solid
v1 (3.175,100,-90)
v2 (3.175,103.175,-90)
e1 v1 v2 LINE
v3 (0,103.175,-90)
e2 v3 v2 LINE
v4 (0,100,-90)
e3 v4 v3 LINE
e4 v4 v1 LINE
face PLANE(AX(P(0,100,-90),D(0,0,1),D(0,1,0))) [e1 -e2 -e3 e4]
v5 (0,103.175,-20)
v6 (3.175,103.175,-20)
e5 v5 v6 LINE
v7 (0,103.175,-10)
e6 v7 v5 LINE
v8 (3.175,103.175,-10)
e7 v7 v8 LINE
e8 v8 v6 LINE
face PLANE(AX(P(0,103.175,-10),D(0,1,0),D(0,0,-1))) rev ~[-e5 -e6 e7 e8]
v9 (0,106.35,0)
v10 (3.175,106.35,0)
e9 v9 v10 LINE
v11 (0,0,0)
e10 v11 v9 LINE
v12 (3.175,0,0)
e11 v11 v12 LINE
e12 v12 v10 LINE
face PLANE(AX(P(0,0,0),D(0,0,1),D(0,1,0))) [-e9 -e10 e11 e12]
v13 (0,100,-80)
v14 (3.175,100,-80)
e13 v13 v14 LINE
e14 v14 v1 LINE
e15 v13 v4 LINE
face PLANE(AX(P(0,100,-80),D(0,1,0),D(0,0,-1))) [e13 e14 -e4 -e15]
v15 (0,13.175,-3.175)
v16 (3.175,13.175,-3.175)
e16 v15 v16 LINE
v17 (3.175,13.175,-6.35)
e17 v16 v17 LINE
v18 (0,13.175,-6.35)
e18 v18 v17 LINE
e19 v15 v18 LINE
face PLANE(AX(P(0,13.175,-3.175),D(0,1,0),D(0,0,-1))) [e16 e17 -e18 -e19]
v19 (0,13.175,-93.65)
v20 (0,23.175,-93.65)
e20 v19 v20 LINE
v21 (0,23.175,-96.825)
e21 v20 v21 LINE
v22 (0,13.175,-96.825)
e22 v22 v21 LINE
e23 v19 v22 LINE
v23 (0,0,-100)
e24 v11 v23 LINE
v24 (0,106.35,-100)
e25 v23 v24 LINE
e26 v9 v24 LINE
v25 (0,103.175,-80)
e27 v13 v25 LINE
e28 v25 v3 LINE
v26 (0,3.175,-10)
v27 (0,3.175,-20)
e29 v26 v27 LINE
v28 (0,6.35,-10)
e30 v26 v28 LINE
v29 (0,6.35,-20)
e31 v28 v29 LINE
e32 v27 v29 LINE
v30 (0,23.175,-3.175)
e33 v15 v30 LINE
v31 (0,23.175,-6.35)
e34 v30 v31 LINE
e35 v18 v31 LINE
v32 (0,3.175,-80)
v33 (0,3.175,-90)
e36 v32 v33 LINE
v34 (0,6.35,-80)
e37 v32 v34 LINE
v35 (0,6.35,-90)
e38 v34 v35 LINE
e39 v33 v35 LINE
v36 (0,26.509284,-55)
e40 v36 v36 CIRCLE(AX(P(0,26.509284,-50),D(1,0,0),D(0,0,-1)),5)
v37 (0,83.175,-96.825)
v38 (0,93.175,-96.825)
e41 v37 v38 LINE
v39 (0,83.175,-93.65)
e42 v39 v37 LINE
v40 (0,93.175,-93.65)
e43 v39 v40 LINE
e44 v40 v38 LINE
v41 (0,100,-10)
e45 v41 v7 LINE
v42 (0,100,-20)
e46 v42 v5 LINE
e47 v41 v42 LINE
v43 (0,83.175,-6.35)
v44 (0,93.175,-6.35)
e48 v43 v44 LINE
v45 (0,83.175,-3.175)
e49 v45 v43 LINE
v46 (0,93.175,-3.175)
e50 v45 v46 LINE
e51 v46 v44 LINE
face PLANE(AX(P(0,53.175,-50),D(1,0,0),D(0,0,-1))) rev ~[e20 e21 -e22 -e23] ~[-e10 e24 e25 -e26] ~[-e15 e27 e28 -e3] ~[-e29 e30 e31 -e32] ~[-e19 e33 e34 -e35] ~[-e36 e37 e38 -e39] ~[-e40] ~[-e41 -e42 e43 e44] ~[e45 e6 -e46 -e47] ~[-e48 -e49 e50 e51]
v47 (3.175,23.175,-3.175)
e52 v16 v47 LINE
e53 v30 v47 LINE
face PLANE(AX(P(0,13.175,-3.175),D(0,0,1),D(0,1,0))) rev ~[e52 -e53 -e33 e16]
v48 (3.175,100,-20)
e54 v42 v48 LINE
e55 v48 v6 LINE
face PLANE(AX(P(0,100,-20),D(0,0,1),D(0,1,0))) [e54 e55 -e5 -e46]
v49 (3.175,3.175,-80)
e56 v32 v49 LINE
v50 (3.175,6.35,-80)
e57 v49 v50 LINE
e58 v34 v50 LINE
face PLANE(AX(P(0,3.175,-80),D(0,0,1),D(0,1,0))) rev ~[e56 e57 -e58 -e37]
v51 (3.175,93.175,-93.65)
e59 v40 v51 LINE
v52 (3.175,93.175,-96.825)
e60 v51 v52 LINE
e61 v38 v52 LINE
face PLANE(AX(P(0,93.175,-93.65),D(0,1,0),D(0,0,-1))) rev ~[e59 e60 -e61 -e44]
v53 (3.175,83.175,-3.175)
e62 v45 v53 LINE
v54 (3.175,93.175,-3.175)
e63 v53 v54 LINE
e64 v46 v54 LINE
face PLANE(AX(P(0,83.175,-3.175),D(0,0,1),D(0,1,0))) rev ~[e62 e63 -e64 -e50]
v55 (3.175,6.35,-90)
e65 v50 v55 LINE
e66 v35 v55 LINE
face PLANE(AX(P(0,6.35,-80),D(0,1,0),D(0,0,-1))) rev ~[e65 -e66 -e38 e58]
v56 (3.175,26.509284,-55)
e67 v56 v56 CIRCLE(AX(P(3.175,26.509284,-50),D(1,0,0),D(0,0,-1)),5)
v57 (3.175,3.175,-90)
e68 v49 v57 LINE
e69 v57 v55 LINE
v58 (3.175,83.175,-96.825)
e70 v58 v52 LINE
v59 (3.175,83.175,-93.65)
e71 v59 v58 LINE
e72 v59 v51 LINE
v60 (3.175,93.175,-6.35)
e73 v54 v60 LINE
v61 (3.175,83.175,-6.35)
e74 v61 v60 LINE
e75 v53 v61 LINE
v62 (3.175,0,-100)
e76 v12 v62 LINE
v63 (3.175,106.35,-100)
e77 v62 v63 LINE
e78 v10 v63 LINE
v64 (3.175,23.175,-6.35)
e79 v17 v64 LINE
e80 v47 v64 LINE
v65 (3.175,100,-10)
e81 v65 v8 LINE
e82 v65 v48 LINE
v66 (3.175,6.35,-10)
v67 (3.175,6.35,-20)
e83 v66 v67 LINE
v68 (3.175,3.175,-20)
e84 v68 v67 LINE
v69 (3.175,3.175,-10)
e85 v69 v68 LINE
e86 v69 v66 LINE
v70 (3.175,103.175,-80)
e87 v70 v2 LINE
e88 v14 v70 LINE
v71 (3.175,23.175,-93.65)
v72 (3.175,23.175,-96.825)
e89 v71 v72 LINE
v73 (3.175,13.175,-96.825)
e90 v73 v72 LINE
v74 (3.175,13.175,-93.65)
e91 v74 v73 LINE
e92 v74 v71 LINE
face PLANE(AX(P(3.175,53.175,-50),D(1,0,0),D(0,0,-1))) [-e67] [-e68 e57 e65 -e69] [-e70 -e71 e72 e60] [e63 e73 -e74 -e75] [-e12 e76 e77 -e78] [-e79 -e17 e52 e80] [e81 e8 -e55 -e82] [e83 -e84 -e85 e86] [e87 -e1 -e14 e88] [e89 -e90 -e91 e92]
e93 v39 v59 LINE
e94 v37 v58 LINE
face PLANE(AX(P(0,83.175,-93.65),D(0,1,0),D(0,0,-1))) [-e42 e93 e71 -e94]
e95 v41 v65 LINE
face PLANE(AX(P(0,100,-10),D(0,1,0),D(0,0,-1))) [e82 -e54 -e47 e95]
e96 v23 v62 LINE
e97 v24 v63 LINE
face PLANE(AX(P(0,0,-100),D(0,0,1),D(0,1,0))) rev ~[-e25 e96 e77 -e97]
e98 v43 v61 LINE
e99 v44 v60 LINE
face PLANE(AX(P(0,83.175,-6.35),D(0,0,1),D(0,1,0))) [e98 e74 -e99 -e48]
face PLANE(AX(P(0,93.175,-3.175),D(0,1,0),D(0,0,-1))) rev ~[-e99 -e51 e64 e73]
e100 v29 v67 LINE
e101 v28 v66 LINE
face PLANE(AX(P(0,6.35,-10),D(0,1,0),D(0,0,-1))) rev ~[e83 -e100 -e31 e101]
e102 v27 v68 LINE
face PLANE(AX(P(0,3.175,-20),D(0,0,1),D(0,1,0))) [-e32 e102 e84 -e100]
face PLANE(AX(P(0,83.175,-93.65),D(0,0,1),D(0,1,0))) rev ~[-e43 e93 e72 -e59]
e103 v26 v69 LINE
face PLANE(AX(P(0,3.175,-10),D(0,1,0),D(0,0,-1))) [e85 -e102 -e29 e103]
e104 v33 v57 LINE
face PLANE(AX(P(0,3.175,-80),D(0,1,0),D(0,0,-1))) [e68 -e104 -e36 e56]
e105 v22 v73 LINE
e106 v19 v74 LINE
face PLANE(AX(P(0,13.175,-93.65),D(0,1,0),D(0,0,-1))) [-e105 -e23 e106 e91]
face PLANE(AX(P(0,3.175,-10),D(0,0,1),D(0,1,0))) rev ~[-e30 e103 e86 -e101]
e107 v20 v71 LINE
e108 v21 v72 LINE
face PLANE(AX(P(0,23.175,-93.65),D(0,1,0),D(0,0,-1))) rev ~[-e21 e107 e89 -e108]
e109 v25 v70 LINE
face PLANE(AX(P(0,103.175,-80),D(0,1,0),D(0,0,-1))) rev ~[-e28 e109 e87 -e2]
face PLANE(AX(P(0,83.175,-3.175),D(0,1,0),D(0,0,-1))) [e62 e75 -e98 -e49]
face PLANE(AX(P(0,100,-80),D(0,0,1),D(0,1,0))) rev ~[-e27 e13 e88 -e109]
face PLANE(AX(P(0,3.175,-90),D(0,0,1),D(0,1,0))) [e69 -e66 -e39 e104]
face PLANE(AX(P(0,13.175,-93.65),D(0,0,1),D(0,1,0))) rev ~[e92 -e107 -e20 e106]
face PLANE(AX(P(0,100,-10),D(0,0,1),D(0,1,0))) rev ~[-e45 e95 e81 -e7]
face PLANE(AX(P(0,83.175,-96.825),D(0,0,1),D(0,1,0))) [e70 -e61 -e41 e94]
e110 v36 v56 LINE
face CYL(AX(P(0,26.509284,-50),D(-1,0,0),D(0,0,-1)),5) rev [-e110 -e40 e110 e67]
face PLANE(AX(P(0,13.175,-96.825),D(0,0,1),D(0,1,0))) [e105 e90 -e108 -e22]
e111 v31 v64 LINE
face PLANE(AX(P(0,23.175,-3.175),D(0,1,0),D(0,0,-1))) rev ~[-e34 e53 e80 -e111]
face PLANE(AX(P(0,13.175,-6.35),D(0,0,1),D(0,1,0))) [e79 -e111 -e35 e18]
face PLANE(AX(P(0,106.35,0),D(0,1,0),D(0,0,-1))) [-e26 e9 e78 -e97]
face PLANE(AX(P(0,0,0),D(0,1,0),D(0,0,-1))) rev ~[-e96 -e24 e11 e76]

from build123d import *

# Parameters (mm, degrees)
SKETCH1_W           = 100
SKETCH1_H           = 106.35
SKETCH1_R           = 5
SKETCH1_W_2         = 3.175
SKETCH1_H_2         = 10
SKETCH1_W_3         = 10
SKETCH1_H_3         = 3.175
BOSS_EXTRUDE1_DEPTH = 3.175


with BuildPart() as part:
    # Sketch1 → Boss-Extrude1 (new body)
    with BuildSketch(Plane(origin=(0, 0, 0), x_dir=(0, 0, -1), z_dir=(1, 0, 0))):
        with Locations((50, 53.175)):
            Rectangle(SKETCH1_W, SKETCH1_H)
        with Locations((50, 26.509283713)):
            Circle(SKETCH1_R, mode=Mode.SUBTRACT)
        with Locations((4.7625, 88.175)):
            Rectangle(SKETCH1_W_2, SKETCH1_H_2, mode=Mode.SUBTRACT)
        with Locations((15, 101.5875)):
            Rectangle(SKETCH1_W_3, SKETCH1_H_3, mode=Mode.SUBTRACT)
        with Locations((85, 101.5875)):
            Rectangle(SKETCH1_W_3, SKETCH1_H_3, mode=Mode.SUBTRACT)
        with Locations((95.2375, 88.175)):
            Rectangle(SKETCH1_W_2, SKETCH1_H_2, mode=Mode.SUBTRACT)
        with Locations((95.2375, 18.175)):
            Rectangle(SKETCH1_W_2, SKETCH1_H_2, mode=Mode.SUBTRACT)
        with Locations((85, 4.7625)):
            Rectangle(SKETCH1_W_3, SKETCH1_H_3, mode=Mode.SUBTRACT)
        with Locations((15, 4.7625)):
            Rectangle(SKETCH1_W_3, SKETCH1_H_3, mode=Mode.SUBTRACT)
        with Locations((4.7625, 18.175)):
            Rectangle(SKETCH1_W_2, SKETCH1_H_2, mode=Mode.SUBTRACT)
    extrude(amount=BOSS_EXTRUDE1_DEPTH)


solid = part.part
